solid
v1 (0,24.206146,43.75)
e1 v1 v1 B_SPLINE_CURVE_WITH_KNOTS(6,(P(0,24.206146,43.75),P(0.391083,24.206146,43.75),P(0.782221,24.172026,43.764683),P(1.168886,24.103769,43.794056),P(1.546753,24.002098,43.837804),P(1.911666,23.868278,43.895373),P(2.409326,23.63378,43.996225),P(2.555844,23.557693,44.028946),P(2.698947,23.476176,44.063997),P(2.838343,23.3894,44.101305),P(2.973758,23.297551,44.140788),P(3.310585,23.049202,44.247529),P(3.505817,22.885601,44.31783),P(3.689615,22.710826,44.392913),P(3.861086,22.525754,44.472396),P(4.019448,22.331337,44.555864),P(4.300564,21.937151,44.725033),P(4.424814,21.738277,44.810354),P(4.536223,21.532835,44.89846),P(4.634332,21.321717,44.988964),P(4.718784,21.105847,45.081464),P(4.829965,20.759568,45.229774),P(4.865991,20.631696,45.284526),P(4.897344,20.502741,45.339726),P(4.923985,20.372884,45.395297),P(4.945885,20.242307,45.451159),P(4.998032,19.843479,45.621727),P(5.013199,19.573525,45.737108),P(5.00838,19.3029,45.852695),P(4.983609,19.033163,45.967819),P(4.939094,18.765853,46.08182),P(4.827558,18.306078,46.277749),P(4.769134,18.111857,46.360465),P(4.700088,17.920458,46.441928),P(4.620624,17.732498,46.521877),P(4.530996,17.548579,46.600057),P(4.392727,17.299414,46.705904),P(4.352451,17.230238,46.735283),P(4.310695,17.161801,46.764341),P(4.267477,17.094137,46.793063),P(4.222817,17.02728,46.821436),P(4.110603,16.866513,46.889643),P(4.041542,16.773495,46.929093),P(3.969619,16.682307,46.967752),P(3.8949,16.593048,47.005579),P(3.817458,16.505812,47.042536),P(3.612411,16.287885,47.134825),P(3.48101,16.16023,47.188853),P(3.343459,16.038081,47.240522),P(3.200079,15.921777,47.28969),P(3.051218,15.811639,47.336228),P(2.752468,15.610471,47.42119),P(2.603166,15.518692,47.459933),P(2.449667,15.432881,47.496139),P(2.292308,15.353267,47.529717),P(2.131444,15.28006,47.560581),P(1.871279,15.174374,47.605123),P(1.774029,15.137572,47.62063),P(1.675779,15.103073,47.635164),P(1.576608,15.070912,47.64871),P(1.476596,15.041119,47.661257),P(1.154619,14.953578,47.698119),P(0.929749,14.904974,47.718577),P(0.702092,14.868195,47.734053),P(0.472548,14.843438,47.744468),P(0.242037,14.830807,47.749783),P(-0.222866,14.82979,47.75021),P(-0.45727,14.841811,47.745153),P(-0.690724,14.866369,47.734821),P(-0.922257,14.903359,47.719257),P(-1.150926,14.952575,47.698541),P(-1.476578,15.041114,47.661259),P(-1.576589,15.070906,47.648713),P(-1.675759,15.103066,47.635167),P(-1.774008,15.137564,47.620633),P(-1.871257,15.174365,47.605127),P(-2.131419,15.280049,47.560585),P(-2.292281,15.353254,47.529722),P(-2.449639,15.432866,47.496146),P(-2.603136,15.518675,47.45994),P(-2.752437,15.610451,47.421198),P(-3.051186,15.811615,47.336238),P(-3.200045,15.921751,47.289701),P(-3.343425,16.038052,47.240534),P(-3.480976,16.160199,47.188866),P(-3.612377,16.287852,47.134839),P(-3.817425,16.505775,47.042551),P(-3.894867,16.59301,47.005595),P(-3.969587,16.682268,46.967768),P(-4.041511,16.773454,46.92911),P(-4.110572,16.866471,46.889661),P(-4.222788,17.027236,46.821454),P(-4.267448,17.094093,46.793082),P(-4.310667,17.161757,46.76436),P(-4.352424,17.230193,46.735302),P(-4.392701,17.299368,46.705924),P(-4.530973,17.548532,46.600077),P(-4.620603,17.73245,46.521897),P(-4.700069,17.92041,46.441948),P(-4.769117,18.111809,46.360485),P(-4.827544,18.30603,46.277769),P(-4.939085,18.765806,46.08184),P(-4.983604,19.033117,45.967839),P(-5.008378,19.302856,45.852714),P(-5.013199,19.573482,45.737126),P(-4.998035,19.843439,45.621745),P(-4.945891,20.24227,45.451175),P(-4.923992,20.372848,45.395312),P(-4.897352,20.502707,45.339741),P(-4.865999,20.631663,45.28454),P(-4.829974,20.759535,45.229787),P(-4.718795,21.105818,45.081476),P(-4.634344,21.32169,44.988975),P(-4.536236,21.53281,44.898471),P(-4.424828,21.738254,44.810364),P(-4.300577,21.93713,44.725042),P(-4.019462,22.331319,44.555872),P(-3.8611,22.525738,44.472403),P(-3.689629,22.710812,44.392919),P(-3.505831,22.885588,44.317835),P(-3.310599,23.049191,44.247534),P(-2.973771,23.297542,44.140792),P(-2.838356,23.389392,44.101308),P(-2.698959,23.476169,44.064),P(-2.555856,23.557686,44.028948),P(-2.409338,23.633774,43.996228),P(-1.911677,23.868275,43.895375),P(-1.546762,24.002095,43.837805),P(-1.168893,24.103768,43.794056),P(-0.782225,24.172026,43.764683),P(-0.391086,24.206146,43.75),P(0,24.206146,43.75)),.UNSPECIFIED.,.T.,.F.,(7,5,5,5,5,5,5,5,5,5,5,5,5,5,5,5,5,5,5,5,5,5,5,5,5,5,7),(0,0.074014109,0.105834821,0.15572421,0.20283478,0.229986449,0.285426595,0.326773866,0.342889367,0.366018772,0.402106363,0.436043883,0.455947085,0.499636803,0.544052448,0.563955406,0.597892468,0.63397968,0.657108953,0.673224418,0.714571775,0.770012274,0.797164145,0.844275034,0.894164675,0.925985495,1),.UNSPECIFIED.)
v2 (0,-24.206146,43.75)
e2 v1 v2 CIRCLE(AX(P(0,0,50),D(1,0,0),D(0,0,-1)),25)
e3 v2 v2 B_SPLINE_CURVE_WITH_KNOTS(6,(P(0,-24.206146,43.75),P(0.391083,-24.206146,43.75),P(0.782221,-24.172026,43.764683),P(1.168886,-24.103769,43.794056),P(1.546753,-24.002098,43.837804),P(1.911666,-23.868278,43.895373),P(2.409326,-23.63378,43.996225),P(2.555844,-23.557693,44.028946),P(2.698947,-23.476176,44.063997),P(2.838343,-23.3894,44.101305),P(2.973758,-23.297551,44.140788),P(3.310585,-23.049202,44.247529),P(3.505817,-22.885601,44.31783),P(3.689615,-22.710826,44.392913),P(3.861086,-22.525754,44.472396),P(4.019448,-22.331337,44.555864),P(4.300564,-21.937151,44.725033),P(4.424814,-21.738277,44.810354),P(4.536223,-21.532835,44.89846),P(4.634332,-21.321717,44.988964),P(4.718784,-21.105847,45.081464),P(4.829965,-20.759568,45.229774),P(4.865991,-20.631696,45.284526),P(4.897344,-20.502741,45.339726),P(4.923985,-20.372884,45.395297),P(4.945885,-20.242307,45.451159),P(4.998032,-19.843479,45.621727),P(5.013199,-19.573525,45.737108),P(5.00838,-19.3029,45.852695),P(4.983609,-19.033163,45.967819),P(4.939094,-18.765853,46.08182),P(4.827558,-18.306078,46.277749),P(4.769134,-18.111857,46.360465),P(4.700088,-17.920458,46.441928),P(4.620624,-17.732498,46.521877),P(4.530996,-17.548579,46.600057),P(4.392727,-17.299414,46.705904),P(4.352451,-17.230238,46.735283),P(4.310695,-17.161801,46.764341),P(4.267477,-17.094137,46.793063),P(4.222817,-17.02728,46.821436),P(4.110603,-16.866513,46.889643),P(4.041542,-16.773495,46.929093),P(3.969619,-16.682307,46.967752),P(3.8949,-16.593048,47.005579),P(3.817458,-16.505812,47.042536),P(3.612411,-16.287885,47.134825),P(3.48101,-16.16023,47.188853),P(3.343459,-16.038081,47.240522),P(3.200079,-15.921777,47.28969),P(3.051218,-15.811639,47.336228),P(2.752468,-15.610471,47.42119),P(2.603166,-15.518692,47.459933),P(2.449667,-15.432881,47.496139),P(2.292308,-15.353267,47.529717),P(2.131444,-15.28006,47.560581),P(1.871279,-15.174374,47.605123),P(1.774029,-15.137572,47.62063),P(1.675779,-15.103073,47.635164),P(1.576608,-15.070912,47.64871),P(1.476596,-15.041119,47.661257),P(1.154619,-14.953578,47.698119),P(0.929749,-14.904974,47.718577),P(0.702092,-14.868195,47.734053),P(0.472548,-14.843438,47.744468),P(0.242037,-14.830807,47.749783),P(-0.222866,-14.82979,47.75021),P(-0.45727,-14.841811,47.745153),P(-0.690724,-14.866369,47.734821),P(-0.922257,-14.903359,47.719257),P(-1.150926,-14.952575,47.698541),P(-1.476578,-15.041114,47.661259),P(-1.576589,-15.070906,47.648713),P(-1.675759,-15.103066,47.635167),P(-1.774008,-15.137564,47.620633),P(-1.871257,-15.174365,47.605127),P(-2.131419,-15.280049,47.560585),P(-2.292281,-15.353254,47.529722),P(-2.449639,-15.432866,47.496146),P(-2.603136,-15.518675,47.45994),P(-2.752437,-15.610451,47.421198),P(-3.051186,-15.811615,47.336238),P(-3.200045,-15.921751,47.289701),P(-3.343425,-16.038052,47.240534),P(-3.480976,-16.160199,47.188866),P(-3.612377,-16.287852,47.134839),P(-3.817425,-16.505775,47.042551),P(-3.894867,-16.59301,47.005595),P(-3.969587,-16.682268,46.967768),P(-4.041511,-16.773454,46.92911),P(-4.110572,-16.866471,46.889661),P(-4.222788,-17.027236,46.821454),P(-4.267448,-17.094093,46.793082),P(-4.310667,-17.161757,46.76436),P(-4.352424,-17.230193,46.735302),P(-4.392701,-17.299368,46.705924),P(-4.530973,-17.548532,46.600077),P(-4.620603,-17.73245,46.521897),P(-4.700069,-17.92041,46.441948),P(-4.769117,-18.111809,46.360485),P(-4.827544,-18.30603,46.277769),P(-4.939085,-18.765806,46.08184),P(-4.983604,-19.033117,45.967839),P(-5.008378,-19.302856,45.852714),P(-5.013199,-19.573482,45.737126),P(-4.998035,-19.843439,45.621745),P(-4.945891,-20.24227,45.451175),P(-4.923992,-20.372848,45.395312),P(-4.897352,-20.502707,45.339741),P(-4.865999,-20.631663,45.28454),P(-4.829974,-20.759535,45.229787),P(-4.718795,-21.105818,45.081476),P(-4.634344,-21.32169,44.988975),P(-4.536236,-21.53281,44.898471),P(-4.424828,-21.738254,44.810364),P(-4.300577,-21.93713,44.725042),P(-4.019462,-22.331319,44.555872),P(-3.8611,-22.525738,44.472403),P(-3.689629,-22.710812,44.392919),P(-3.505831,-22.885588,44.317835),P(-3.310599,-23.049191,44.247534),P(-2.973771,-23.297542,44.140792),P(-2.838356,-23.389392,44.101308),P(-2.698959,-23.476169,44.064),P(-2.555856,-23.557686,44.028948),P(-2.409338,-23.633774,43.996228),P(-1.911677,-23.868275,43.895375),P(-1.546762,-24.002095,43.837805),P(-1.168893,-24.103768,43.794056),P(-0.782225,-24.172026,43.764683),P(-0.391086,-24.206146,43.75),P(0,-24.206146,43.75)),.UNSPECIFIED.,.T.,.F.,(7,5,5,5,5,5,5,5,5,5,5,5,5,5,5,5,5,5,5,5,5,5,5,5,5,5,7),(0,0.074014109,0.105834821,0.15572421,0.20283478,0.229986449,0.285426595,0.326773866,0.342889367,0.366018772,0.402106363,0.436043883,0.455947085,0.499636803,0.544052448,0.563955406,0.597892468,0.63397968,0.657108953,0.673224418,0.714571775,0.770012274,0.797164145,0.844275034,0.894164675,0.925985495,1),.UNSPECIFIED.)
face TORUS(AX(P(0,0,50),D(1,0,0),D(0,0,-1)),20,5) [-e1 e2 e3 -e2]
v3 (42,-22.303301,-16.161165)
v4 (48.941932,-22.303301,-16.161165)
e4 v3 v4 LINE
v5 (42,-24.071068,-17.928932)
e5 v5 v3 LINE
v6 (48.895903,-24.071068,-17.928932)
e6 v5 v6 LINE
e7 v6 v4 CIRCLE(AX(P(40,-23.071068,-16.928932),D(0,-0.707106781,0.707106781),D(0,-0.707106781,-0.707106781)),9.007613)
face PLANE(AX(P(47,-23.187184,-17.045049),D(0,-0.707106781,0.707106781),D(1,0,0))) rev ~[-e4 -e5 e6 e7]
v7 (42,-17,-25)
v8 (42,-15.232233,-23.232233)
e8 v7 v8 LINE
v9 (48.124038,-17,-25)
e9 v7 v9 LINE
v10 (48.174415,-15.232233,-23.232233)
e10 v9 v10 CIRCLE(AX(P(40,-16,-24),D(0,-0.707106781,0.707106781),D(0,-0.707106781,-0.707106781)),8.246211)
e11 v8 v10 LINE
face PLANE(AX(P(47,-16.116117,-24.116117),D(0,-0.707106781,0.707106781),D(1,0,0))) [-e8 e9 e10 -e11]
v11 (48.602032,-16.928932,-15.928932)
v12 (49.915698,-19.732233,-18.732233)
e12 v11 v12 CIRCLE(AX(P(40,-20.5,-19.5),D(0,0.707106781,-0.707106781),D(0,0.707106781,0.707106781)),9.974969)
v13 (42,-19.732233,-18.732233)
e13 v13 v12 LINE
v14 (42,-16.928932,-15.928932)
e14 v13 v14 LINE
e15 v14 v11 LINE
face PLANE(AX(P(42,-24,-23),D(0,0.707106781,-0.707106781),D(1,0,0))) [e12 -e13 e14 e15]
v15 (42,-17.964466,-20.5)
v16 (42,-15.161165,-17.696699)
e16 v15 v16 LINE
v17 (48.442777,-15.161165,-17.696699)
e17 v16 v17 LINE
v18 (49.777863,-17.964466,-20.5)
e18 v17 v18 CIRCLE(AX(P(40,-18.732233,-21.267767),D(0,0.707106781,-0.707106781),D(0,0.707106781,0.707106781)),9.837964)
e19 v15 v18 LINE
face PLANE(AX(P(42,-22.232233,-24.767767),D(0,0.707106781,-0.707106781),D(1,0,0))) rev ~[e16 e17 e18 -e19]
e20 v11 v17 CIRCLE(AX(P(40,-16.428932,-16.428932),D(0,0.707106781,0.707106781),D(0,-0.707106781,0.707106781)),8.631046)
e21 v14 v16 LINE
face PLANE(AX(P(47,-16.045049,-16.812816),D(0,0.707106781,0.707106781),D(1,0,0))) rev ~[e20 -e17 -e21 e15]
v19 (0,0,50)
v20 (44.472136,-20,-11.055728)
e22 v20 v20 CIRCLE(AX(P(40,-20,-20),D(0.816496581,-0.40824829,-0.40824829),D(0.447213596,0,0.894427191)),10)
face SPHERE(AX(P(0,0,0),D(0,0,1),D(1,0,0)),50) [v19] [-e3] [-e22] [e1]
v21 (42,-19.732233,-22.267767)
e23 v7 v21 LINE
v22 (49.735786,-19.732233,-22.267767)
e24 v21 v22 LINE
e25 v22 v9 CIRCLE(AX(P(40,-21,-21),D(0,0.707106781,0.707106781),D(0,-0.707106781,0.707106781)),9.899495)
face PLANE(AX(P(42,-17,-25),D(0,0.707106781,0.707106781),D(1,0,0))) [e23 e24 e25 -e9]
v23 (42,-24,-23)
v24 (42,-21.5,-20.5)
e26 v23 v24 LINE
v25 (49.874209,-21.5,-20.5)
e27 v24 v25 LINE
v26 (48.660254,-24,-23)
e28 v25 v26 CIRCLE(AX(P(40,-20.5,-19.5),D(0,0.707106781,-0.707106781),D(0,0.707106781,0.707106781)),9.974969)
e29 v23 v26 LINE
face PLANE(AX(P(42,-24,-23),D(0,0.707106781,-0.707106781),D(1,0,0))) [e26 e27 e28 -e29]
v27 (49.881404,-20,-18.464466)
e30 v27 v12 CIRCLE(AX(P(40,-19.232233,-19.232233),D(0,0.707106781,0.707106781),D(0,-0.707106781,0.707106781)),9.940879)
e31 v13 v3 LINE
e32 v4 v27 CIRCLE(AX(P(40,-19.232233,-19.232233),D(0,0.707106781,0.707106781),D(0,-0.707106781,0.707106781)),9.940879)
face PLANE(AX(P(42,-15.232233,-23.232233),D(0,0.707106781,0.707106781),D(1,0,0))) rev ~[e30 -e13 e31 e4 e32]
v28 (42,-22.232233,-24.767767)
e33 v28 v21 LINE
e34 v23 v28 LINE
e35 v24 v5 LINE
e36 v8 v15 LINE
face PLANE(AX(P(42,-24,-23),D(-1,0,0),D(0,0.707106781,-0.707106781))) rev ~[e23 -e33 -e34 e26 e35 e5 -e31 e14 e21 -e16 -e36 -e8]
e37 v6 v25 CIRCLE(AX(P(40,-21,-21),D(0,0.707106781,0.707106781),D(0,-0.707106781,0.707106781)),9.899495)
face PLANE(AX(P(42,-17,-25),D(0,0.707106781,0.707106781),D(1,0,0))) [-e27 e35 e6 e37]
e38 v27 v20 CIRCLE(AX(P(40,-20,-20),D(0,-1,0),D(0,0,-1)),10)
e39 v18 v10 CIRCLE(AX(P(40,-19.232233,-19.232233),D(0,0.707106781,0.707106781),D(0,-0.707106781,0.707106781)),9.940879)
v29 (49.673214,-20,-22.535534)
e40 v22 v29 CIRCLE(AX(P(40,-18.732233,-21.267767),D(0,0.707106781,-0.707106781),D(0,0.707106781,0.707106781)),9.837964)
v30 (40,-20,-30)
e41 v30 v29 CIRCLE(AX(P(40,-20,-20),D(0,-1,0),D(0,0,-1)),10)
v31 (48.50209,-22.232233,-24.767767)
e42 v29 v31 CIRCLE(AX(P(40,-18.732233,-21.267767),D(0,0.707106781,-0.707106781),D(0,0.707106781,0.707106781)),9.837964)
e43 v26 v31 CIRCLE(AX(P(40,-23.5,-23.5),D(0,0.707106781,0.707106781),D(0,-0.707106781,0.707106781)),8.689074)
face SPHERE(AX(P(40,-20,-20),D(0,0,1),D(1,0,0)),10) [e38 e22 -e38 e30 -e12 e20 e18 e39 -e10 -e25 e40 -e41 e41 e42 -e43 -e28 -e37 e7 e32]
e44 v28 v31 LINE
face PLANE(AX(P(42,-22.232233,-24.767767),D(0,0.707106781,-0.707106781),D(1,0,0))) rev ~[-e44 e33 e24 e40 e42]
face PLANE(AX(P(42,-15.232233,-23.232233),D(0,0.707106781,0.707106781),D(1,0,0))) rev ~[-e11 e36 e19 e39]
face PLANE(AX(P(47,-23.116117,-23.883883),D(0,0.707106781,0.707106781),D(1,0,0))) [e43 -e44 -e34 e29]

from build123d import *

# Parameters (mm, degrees)
BOX_W             = 10
BOX_H             = 2.5
BOX_DEPTH         = 10
BOX_ROLL_ANGLE    = 45
BOX001_W          = 10
BOX001_H          = 2.5
BOX001_DEPTH      = 10
BOX001_ROLL_ANGLE = -45
TORUS_R           = 5
TORUS_PITCH_ANGLE = 90


with BuildPart() as bo_te:
    # Box → Box (new body)
    with BuildSketch(Plane.XY):
        with Locations((5, 1.25)):
            Rectangle(BOX_W, BOX_H)
    extrude(amount=BOX_DEPTH)


with BuildPart() as bo_te_1:
    # Box roll: moved
    add(bo_te.part.rotate(Axis((0, 0, 0), (1, 0, 0)), BOX_ROLL_ANGLE))


with BuildPart() as bo_te_2:
    # Box placement: moved
    add(bo_te_1.part.moved(Location((42, -17, -25))))


with BuildPart() as bo_te001:
    # Box001 → Box001 (new body)
    with BuildSketch(Plane.XY):
        with Locations((5, 1.25)):
            Rectangle(BOX001_W, BOX001_H)
    extrude(amount=BOX001_DEPTH)


with BuildPart() as bo_te001_1:
    # Box001 roll: moved
    add(bo_te001.part.rotate(Axis((0, 0, 0), (1, 0, 0)), BOX001_ROLL_ANGLE))


with BuildPart() as bo_te001_2:
    # Box001 placement: moved
    add(bo_te001_1.part.moved(Location((42, -24, -23))))


with BuildPart() as tore:
    # Torus → Torus (revolve)
    with BuildSketch(Plane.XZ):
        with Locations((20, 0)):
            Circle(TORUS_R)
    revolve(axis=Axis((0, 0, 0), (0, 0, 1)))


with BuildPart() as tore_1:
    # Torus pitch: moved
    add(tore.part.rotate(Axis((0, 0, 0), (0, 1, 0)), TORUS_PITCH_ANGLE))


with BuildPart() as tore_2:
    # Torus placement: moved
    add(tore_1.part.moved(Location((0, 0, 50))))


with BuildPart() as sph_re001:
    # Sphere001 → Sphere001 (revolve)
    with BuildSketch(Plane(origin=(40, -20, -20), x_dir=(1, 0, 0), z_dir=(0, -1, 0))):
        with BuildLine():
            ThreePointArc((0, -10), (10, 0), (0, 10))
            Line((0, 10), (0, -10))
        make_face()
    revolve(axis=Axis((40, -20, -20), (0, 0, 1)))


with BuildPart() as cut001:
    # Sphere → Sphere (revolve)
    with BuildSketch(Plane.XZ):
        with BuildLine():
            ThreePointArc((0, -50), (50, 0), (0, 50))
            Line((0, 50), (0, -50))
        make_face()
    revolve(axis=Axis((0, 0, 0), (0, 0, 1)))

    # Fusion: union Sphère001
    add(sph_re001.part)

    # Fusion001: union Tore
    add(tore_2.part)

    # Cut: cut Boîte001
    add(bo_te001_2.part, mode=Mode.SUBTRACT)

    # Cut001: cut Boîte
    add(bo_te_2.part, mode=Mode.SUBTRACT)


solid = cut001.part
